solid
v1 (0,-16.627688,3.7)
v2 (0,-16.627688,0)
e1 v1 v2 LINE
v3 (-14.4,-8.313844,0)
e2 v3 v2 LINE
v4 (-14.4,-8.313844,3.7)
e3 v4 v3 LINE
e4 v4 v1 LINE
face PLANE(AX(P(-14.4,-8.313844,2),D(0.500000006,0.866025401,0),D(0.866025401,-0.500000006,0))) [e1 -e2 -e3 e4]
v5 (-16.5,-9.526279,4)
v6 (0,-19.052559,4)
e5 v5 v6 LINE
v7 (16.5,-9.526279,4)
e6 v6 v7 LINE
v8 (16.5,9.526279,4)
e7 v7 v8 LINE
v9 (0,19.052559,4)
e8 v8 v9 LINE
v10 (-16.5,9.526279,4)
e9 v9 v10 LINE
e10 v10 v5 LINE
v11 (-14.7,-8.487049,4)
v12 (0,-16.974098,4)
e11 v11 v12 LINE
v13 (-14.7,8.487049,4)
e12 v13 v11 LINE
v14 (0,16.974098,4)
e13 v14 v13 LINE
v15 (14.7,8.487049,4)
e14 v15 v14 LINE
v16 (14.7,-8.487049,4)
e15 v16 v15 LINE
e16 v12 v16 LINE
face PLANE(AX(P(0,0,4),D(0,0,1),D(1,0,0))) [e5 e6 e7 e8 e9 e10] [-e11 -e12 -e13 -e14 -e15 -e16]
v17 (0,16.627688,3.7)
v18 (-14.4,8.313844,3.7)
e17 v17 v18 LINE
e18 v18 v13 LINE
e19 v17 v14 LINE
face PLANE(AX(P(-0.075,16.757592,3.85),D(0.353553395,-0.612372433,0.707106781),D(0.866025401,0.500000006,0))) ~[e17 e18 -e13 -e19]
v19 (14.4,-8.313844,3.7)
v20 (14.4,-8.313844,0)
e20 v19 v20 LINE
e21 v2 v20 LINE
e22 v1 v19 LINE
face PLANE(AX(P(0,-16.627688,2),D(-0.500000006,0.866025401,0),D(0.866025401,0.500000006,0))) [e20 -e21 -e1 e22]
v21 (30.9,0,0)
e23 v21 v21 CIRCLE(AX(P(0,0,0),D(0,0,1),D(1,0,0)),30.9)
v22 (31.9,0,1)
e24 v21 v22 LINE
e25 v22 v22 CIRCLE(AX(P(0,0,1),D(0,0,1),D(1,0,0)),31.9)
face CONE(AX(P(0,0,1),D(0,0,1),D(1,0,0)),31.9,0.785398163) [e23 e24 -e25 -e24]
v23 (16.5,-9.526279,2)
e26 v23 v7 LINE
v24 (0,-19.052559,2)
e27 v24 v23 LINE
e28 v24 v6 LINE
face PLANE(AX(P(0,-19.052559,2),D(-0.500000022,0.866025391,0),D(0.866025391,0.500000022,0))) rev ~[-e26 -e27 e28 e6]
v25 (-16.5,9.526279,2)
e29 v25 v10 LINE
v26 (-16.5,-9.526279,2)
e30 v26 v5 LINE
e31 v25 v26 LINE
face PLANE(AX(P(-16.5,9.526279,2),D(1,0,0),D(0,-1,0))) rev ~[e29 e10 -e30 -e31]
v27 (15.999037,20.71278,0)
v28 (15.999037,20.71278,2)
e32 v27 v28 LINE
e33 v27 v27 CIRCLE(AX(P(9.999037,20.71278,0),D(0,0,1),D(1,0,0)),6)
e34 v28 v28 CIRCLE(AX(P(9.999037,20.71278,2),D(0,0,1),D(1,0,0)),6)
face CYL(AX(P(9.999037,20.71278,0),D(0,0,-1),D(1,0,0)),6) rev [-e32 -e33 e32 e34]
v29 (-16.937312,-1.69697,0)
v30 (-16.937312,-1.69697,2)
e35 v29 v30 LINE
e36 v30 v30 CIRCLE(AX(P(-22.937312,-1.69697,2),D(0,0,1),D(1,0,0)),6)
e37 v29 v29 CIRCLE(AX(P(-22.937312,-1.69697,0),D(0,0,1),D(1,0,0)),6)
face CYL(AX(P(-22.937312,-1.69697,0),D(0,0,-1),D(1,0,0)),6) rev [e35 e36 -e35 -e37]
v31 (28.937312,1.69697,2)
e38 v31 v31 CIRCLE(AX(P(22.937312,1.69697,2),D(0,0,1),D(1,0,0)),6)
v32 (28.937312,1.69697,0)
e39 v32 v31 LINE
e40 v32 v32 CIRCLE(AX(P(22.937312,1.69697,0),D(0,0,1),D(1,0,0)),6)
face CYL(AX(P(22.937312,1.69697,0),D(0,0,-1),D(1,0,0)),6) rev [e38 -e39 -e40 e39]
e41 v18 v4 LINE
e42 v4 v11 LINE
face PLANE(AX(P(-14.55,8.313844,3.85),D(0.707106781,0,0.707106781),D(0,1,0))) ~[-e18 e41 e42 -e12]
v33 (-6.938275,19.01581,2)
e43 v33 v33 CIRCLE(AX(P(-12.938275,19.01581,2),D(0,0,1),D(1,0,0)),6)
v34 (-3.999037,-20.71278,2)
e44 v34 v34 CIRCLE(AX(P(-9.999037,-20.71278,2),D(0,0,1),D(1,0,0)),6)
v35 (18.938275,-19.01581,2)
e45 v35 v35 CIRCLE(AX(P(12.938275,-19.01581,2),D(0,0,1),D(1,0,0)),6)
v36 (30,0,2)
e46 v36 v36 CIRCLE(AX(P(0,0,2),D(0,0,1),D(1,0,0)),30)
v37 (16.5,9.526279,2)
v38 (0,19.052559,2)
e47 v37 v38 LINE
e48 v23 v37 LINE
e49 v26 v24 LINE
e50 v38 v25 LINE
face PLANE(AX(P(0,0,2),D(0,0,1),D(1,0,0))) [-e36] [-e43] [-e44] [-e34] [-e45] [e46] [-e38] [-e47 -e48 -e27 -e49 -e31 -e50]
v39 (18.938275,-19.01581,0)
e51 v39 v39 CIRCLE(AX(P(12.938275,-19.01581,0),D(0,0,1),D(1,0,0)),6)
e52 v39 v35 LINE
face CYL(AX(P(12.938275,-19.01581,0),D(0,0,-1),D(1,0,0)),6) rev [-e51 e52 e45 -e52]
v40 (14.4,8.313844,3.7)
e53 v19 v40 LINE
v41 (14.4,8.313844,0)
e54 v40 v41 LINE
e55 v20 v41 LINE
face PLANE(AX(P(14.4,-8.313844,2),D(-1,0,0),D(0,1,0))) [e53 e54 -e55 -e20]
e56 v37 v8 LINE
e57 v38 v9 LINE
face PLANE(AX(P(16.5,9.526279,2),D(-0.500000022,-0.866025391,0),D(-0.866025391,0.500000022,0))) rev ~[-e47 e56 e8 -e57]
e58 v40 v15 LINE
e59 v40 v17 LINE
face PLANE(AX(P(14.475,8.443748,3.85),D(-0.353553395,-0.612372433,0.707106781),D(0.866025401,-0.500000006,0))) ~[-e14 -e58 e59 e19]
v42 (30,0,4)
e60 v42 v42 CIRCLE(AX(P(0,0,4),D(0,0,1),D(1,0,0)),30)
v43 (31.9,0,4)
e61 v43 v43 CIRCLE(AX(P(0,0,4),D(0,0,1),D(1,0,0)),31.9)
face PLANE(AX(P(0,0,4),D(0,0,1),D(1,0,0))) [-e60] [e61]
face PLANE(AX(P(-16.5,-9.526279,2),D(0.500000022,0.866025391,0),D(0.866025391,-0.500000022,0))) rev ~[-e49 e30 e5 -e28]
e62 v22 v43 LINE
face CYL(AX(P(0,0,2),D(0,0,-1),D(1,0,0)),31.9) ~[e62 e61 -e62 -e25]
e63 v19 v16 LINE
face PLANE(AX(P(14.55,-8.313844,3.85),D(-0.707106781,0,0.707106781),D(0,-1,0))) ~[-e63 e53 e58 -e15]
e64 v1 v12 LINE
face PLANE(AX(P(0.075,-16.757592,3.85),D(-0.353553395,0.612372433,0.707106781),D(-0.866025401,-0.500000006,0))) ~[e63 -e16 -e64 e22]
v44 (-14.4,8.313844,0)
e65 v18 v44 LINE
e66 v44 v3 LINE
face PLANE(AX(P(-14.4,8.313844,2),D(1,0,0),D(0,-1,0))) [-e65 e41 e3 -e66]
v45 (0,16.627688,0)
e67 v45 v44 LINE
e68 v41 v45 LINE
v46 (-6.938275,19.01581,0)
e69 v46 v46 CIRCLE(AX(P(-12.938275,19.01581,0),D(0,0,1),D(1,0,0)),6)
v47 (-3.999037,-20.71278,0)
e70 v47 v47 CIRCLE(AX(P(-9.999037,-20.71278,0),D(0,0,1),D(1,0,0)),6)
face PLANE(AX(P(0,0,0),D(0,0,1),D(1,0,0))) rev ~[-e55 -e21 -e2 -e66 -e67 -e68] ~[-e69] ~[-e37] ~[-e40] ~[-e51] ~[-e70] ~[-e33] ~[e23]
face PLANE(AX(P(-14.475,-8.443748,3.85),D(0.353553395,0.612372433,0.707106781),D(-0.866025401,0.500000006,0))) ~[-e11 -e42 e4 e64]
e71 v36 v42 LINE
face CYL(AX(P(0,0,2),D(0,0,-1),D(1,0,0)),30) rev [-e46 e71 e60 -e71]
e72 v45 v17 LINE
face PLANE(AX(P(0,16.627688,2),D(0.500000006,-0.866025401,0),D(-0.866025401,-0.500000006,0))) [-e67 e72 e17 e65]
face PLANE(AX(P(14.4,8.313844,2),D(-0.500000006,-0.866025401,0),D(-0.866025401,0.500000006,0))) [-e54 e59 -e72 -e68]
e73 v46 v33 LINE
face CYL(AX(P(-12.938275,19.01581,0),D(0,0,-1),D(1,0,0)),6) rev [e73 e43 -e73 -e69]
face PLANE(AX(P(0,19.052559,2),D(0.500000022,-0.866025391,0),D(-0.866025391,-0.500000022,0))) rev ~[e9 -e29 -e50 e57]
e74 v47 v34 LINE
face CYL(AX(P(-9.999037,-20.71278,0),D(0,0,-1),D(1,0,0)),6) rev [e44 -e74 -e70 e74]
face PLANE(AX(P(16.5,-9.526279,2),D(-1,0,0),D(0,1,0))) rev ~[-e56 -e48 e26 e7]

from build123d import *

# Parameters (mm, degrees)
SKETCH_R        = 31.9
SKETCH_R_2      = 6
PAD_DEPTH       = 2
SKETCH001_R     = 31.9
SKETCH001_R_2   = 30
PAD001_DEPTH    = 2
PAD002_DEPTH    = 2
CHAMFER_SIZE    = 1
CHAMFER001_SIZE = 0.3


with BuildPart() as part:
    # Sketch → Pad (new body)
    with BuildSketch(Plane.XY):
        Circle(SKETCH_R)
        with Locations((9.999037, 20.71278)):
            Circle(SKETCH_R_2, mode=Mode.SUBTRACT)
        with Locations((22.937312, 1.69697)):
            Circle(SKETCH_R_2, mode=Mode.SUBTRACT)
        with Locations((12.938275, -19.01581)):
            Circle(SKETCH_R_2, mode=Mode.SUBTRACT)
        with Locations((-9.999037, -20.71278)):
            Circle(SKETCH_R_2, mode=Mode.SUBTRACT)
        with Locations((-22.937312, -1.69697)):
            Circle(SKETCH_R_2, mode=Mode.SUBTRACT)
        with Locations((-12.938275, 19.01581)):
            Circle(SKETCH_R_2, mode=Mode.SUBTRACT)
        Polygon((0, 16.627688), (-14.4, 8.313844), (-14.4, -8.313844), (0, -16.627688), (14.4, -8.313844), (14.4, 8.313844), align=None, mode=Mode.SUBTRACT)
    extrude(amount=PAD_DEPTH)

    # Sketch001 (on Face15 of Pad) → Pad001 (join)
    with BuildSketch(Plane.XY.offset(2)):
        Circle(SKETCH001_R)
        Circle(SKETCH001_R_2, mode=Mode.SUBTRACT)
    extrude(amount=PAD001_DEPTH)

    # Sketch002 (on Face17 of Pad001) → Pad002 (join)
    with BuildSketch(Plane.XY.offset(2)):
        Polygon((0, 19.052559), (-16.5, 9.526279), (-16.5, -9.526279), (0, -19.052559), (16.5, -9.526279), (16.5, 9.526279), align=None)
        Polygon((0, 16.627688), (-14.4, 8.313844), (-14.4, -8.313844), (0, -16.627688), (14.4, -8.313844), (14.4, 8.313844), align=None, mode=Mode.SUBTRACT)
    extrude(amount=PAD002_DEPTH)

    # Chamfer
    chamfer_edges = [part.edges().sort_by_distance(p)[0] for p in [
        (-31.9, 0, 0),
    ]]
    chamfer(chamfer_edges, length=CHAMFER_SIZE)

    # Chamfer001
    chamfer001_edges = [part.edges().sort_by_distance(p)[0] for p in [
        (-7.2, -12.470766, 4),
        (-14.4, 0, 4),
        (-7.2, 12.470766, 4),
        (7.2, 12.470766, 4),
        (14.4, 0, 4),
        (7.2, -12.470766, 4),
    ]]
    chamfer(chamfer001_edges, length=CHAMFER001_SIZE)


solid = part.part
